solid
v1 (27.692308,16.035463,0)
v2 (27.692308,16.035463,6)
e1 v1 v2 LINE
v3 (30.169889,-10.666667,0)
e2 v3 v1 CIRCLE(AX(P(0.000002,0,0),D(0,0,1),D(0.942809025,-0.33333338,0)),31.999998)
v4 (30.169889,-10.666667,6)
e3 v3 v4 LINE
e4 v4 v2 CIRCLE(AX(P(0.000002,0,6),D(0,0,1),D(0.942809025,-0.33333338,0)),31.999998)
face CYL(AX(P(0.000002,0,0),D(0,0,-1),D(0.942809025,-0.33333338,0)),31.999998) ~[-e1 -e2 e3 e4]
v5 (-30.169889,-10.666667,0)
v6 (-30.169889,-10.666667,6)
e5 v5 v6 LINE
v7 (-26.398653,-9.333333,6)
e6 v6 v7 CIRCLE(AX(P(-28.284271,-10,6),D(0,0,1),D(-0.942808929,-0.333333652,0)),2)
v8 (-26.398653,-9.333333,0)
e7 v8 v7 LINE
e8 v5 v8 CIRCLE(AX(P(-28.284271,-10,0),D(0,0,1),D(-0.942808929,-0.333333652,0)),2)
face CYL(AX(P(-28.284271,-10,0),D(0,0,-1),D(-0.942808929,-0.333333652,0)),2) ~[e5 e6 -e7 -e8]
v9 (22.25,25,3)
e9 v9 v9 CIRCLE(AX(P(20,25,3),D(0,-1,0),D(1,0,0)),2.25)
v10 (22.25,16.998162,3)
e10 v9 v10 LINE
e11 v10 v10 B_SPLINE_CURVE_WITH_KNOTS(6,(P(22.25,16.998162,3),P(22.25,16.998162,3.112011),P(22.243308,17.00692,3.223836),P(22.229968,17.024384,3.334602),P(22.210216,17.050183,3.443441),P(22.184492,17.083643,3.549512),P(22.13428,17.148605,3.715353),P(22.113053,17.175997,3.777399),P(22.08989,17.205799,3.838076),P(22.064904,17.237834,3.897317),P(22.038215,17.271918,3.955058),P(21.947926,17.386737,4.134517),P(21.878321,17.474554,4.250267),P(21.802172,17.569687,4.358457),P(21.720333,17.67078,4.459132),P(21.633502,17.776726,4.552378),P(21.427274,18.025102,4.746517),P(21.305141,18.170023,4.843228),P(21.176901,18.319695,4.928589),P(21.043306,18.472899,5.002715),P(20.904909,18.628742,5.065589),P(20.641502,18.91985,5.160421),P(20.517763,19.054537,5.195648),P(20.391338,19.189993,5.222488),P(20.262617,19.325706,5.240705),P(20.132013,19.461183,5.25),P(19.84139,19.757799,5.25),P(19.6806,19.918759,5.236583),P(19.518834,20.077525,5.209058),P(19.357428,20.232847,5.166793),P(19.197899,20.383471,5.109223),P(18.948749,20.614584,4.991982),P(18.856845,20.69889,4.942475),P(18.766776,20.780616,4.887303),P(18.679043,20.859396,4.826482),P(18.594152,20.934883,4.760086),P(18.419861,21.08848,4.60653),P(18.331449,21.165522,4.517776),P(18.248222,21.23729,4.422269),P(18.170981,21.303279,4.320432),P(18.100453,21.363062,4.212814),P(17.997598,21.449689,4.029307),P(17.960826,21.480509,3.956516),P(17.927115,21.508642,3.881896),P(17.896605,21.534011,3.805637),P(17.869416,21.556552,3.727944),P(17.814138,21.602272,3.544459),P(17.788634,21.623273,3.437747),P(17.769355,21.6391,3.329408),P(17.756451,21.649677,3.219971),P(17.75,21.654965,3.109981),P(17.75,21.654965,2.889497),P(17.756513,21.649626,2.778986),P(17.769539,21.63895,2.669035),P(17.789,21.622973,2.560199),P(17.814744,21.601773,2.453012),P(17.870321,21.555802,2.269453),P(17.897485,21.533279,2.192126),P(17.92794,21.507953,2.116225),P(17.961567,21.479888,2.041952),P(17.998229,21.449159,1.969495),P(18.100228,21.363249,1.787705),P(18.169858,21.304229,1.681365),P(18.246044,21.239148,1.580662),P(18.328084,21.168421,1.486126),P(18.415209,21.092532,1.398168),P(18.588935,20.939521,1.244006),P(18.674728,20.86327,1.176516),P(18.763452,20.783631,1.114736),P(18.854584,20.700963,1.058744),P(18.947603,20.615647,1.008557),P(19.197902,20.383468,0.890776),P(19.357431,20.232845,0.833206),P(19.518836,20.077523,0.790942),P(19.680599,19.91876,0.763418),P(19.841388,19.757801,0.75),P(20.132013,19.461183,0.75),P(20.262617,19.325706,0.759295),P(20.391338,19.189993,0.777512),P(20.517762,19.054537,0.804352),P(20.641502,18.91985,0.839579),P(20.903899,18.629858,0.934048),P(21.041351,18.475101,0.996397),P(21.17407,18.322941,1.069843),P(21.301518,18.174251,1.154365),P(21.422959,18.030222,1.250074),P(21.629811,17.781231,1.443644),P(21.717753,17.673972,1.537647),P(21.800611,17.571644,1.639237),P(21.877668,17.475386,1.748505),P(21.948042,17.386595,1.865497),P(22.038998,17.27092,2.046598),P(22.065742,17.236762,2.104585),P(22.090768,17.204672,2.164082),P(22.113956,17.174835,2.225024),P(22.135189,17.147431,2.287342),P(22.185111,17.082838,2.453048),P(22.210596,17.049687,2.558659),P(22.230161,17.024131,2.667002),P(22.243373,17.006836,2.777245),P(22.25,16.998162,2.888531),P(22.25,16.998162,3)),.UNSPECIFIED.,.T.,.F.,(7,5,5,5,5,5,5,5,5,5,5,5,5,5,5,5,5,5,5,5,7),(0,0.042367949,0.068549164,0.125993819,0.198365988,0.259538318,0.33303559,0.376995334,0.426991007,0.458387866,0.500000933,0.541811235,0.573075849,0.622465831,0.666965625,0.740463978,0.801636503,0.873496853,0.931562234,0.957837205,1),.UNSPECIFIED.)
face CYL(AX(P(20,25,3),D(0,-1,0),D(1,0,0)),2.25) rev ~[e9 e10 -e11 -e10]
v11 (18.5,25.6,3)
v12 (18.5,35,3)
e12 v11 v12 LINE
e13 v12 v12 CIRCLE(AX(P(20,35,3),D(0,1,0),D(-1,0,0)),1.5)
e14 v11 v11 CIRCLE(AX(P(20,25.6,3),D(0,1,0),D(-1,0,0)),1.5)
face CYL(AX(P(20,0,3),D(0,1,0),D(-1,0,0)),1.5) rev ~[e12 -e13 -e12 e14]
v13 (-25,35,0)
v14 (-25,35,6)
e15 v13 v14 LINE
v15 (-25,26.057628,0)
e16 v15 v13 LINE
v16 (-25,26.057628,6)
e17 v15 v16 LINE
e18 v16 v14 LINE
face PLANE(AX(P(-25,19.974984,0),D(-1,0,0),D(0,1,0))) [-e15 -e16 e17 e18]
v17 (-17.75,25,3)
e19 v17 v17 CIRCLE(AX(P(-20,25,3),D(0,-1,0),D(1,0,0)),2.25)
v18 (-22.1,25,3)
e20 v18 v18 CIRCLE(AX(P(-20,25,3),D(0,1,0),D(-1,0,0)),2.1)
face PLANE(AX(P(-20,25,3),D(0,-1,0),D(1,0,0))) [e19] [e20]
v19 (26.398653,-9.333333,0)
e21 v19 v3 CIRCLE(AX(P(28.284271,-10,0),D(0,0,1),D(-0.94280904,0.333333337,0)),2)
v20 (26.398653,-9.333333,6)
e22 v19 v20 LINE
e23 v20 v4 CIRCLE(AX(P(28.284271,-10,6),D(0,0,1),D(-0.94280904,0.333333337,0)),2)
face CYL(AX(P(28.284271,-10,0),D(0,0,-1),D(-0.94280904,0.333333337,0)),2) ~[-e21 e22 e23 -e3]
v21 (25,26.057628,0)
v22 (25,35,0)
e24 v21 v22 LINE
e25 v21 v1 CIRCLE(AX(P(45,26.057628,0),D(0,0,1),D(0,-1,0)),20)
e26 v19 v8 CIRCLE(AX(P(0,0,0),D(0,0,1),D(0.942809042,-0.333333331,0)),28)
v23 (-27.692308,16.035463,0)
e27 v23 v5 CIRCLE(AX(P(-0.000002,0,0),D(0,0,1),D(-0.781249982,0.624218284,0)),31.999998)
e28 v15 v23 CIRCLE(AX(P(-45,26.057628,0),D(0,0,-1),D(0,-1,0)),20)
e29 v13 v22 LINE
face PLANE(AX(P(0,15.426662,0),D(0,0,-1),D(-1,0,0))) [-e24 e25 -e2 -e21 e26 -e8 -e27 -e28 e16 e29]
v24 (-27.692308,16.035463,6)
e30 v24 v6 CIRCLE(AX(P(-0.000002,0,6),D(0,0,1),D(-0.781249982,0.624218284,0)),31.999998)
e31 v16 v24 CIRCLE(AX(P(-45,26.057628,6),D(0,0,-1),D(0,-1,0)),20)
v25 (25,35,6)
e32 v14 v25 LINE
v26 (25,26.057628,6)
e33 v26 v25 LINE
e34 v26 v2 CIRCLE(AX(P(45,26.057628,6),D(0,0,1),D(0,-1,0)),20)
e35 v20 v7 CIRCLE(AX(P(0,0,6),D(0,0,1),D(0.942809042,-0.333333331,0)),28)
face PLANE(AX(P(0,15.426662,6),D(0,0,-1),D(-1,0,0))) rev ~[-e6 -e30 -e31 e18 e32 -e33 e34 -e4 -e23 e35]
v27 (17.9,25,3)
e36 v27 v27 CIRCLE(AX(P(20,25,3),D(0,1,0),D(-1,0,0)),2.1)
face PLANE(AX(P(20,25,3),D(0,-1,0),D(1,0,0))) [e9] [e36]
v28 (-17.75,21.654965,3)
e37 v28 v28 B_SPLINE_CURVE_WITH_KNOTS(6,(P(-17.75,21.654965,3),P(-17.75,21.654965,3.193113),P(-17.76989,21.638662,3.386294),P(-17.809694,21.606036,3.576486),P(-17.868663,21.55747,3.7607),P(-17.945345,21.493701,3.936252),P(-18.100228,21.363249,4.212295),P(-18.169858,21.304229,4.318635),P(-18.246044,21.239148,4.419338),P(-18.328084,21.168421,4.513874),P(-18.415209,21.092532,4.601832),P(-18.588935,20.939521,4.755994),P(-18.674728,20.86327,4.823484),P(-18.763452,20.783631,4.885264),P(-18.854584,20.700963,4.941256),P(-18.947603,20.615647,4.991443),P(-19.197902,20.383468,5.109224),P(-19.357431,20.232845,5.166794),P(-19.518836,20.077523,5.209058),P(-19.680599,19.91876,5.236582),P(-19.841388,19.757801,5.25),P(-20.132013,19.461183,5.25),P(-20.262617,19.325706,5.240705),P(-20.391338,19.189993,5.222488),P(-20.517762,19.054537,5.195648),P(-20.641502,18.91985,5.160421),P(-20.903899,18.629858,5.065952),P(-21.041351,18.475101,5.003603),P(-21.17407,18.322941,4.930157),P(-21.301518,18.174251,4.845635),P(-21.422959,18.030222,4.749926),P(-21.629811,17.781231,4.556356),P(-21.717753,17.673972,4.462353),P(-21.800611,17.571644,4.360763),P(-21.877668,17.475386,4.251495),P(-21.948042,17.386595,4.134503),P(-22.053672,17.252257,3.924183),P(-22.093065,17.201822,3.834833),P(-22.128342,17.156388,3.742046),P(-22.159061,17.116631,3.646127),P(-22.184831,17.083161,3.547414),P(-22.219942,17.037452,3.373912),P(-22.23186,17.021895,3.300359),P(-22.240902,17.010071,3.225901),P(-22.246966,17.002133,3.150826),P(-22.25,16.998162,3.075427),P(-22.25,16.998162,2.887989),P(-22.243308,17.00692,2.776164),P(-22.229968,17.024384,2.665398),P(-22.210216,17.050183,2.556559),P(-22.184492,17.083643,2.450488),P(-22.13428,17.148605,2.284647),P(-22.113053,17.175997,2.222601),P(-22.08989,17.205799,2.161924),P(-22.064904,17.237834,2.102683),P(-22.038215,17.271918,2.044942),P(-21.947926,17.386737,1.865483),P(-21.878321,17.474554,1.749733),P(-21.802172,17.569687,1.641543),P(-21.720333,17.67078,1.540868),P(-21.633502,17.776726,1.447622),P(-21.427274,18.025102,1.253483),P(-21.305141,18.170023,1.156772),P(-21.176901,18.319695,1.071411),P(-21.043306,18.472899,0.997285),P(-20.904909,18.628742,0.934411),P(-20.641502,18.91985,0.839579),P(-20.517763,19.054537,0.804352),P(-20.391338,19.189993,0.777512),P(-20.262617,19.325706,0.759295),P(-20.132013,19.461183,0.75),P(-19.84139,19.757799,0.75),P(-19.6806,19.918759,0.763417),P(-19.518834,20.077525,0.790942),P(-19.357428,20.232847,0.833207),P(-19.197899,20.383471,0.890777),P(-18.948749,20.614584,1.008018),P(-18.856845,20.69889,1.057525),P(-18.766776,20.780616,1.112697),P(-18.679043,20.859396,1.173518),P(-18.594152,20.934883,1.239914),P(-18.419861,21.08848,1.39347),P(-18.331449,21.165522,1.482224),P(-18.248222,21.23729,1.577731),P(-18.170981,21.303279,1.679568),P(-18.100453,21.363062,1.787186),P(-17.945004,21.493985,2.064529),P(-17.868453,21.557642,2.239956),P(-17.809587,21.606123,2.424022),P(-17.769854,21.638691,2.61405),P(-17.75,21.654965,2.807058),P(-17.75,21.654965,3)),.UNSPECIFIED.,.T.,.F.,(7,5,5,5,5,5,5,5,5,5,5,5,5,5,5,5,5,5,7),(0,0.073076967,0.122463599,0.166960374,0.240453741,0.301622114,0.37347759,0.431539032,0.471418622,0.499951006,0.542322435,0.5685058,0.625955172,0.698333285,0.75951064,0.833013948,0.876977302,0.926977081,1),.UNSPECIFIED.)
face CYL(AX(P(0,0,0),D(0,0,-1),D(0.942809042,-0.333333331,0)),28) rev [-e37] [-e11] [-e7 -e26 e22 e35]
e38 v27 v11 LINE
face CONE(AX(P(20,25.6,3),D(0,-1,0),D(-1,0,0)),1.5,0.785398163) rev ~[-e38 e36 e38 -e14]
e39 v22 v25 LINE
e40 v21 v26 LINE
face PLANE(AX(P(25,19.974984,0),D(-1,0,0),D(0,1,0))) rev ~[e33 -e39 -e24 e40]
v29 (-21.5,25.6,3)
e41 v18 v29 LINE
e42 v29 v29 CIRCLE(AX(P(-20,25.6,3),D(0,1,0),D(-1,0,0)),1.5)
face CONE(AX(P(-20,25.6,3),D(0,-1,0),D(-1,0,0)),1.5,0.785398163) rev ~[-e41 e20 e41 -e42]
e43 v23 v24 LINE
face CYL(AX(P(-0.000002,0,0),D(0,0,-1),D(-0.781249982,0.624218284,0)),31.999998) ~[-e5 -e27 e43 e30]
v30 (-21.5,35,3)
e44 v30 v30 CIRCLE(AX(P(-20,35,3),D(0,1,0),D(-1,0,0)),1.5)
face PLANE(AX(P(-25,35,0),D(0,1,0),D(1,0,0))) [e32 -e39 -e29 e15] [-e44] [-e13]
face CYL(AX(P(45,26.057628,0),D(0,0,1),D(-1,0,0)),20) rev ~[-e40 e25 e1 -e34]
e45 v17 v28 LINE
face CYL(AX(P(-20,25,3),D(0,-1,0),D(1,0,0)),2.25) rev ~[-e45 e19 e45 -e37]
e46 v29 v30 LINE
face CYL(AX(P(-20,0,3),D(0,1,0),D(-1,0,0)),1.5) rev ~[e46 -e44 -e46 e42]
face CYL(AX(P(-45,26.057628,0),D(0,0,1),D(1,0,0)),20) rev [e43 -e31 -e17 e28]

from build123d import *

# Parameters (mm, degrees)
PAD_DEPTH        = 6
HOLE_D           = 3
HOLE_CBORE_D     = 4.5
HOLE_CBORE_DEPTH = 25
CHAMFER_SIZE     = 0.6
FILLET_R         = 20


with BuildPart() as part:
    # Sketch → Pad (new body)
    with BuildSketch(Plane.XY):
        with BuildLine():
            ThreePointArc((26.398653, -9.333333), (0, 28), (-26.398653, -9.333333))
            ThreePointArc((-30.169889, -10.666667), (-27.617605, -11.885618), (-26.398653, -9.333333))
            ThreePointArc((-25, 19.974984), (-31.554031, 5.323827), (-30.169889, -10.666667))
            Line((-25, 19.974984), (-25, 35))
            Line((-25, 35), (25, 35))
            Line((25, 19.974984), (25, 35))
            ThreePointArc((30.169889, -10.666667), (31.554031, 5.323827), (25, 19.974984))
            ThreePointArc((26.398653, -9.333333), (27.617605, -11.885618), (30.169889, -10.666667))
        make_face()
    extrude(amount=PAD_DEPTH)

    # Hole (through all)
    with Locations(Plane.XZ):
        with Locations((-20, 3), (20, 3)):
            CounterBoreHole(HOLE_D / 2, HOLE_CBORE_D / 2, HOLE_CBORE_DEPTH)

    # Chamfer
    chamfer_edges = [part.edges().sort_by_distance(p)[0] for p in [
        (21.5, 25, 3),
        (-18.5, 25, 3),
    ]]
    chamfer(chamfer_edges, length=CHAMFER_SIZE)

    # Fillet
    fillet_edges = [part.edges().sort_by_distance(p)[0] for p in [
        (-25, 19.974984, 3),
        (25, 19.974984, 3),
    ]]
    fillet(fillet_edges, radius=FILLET_R)


solid = part.part
